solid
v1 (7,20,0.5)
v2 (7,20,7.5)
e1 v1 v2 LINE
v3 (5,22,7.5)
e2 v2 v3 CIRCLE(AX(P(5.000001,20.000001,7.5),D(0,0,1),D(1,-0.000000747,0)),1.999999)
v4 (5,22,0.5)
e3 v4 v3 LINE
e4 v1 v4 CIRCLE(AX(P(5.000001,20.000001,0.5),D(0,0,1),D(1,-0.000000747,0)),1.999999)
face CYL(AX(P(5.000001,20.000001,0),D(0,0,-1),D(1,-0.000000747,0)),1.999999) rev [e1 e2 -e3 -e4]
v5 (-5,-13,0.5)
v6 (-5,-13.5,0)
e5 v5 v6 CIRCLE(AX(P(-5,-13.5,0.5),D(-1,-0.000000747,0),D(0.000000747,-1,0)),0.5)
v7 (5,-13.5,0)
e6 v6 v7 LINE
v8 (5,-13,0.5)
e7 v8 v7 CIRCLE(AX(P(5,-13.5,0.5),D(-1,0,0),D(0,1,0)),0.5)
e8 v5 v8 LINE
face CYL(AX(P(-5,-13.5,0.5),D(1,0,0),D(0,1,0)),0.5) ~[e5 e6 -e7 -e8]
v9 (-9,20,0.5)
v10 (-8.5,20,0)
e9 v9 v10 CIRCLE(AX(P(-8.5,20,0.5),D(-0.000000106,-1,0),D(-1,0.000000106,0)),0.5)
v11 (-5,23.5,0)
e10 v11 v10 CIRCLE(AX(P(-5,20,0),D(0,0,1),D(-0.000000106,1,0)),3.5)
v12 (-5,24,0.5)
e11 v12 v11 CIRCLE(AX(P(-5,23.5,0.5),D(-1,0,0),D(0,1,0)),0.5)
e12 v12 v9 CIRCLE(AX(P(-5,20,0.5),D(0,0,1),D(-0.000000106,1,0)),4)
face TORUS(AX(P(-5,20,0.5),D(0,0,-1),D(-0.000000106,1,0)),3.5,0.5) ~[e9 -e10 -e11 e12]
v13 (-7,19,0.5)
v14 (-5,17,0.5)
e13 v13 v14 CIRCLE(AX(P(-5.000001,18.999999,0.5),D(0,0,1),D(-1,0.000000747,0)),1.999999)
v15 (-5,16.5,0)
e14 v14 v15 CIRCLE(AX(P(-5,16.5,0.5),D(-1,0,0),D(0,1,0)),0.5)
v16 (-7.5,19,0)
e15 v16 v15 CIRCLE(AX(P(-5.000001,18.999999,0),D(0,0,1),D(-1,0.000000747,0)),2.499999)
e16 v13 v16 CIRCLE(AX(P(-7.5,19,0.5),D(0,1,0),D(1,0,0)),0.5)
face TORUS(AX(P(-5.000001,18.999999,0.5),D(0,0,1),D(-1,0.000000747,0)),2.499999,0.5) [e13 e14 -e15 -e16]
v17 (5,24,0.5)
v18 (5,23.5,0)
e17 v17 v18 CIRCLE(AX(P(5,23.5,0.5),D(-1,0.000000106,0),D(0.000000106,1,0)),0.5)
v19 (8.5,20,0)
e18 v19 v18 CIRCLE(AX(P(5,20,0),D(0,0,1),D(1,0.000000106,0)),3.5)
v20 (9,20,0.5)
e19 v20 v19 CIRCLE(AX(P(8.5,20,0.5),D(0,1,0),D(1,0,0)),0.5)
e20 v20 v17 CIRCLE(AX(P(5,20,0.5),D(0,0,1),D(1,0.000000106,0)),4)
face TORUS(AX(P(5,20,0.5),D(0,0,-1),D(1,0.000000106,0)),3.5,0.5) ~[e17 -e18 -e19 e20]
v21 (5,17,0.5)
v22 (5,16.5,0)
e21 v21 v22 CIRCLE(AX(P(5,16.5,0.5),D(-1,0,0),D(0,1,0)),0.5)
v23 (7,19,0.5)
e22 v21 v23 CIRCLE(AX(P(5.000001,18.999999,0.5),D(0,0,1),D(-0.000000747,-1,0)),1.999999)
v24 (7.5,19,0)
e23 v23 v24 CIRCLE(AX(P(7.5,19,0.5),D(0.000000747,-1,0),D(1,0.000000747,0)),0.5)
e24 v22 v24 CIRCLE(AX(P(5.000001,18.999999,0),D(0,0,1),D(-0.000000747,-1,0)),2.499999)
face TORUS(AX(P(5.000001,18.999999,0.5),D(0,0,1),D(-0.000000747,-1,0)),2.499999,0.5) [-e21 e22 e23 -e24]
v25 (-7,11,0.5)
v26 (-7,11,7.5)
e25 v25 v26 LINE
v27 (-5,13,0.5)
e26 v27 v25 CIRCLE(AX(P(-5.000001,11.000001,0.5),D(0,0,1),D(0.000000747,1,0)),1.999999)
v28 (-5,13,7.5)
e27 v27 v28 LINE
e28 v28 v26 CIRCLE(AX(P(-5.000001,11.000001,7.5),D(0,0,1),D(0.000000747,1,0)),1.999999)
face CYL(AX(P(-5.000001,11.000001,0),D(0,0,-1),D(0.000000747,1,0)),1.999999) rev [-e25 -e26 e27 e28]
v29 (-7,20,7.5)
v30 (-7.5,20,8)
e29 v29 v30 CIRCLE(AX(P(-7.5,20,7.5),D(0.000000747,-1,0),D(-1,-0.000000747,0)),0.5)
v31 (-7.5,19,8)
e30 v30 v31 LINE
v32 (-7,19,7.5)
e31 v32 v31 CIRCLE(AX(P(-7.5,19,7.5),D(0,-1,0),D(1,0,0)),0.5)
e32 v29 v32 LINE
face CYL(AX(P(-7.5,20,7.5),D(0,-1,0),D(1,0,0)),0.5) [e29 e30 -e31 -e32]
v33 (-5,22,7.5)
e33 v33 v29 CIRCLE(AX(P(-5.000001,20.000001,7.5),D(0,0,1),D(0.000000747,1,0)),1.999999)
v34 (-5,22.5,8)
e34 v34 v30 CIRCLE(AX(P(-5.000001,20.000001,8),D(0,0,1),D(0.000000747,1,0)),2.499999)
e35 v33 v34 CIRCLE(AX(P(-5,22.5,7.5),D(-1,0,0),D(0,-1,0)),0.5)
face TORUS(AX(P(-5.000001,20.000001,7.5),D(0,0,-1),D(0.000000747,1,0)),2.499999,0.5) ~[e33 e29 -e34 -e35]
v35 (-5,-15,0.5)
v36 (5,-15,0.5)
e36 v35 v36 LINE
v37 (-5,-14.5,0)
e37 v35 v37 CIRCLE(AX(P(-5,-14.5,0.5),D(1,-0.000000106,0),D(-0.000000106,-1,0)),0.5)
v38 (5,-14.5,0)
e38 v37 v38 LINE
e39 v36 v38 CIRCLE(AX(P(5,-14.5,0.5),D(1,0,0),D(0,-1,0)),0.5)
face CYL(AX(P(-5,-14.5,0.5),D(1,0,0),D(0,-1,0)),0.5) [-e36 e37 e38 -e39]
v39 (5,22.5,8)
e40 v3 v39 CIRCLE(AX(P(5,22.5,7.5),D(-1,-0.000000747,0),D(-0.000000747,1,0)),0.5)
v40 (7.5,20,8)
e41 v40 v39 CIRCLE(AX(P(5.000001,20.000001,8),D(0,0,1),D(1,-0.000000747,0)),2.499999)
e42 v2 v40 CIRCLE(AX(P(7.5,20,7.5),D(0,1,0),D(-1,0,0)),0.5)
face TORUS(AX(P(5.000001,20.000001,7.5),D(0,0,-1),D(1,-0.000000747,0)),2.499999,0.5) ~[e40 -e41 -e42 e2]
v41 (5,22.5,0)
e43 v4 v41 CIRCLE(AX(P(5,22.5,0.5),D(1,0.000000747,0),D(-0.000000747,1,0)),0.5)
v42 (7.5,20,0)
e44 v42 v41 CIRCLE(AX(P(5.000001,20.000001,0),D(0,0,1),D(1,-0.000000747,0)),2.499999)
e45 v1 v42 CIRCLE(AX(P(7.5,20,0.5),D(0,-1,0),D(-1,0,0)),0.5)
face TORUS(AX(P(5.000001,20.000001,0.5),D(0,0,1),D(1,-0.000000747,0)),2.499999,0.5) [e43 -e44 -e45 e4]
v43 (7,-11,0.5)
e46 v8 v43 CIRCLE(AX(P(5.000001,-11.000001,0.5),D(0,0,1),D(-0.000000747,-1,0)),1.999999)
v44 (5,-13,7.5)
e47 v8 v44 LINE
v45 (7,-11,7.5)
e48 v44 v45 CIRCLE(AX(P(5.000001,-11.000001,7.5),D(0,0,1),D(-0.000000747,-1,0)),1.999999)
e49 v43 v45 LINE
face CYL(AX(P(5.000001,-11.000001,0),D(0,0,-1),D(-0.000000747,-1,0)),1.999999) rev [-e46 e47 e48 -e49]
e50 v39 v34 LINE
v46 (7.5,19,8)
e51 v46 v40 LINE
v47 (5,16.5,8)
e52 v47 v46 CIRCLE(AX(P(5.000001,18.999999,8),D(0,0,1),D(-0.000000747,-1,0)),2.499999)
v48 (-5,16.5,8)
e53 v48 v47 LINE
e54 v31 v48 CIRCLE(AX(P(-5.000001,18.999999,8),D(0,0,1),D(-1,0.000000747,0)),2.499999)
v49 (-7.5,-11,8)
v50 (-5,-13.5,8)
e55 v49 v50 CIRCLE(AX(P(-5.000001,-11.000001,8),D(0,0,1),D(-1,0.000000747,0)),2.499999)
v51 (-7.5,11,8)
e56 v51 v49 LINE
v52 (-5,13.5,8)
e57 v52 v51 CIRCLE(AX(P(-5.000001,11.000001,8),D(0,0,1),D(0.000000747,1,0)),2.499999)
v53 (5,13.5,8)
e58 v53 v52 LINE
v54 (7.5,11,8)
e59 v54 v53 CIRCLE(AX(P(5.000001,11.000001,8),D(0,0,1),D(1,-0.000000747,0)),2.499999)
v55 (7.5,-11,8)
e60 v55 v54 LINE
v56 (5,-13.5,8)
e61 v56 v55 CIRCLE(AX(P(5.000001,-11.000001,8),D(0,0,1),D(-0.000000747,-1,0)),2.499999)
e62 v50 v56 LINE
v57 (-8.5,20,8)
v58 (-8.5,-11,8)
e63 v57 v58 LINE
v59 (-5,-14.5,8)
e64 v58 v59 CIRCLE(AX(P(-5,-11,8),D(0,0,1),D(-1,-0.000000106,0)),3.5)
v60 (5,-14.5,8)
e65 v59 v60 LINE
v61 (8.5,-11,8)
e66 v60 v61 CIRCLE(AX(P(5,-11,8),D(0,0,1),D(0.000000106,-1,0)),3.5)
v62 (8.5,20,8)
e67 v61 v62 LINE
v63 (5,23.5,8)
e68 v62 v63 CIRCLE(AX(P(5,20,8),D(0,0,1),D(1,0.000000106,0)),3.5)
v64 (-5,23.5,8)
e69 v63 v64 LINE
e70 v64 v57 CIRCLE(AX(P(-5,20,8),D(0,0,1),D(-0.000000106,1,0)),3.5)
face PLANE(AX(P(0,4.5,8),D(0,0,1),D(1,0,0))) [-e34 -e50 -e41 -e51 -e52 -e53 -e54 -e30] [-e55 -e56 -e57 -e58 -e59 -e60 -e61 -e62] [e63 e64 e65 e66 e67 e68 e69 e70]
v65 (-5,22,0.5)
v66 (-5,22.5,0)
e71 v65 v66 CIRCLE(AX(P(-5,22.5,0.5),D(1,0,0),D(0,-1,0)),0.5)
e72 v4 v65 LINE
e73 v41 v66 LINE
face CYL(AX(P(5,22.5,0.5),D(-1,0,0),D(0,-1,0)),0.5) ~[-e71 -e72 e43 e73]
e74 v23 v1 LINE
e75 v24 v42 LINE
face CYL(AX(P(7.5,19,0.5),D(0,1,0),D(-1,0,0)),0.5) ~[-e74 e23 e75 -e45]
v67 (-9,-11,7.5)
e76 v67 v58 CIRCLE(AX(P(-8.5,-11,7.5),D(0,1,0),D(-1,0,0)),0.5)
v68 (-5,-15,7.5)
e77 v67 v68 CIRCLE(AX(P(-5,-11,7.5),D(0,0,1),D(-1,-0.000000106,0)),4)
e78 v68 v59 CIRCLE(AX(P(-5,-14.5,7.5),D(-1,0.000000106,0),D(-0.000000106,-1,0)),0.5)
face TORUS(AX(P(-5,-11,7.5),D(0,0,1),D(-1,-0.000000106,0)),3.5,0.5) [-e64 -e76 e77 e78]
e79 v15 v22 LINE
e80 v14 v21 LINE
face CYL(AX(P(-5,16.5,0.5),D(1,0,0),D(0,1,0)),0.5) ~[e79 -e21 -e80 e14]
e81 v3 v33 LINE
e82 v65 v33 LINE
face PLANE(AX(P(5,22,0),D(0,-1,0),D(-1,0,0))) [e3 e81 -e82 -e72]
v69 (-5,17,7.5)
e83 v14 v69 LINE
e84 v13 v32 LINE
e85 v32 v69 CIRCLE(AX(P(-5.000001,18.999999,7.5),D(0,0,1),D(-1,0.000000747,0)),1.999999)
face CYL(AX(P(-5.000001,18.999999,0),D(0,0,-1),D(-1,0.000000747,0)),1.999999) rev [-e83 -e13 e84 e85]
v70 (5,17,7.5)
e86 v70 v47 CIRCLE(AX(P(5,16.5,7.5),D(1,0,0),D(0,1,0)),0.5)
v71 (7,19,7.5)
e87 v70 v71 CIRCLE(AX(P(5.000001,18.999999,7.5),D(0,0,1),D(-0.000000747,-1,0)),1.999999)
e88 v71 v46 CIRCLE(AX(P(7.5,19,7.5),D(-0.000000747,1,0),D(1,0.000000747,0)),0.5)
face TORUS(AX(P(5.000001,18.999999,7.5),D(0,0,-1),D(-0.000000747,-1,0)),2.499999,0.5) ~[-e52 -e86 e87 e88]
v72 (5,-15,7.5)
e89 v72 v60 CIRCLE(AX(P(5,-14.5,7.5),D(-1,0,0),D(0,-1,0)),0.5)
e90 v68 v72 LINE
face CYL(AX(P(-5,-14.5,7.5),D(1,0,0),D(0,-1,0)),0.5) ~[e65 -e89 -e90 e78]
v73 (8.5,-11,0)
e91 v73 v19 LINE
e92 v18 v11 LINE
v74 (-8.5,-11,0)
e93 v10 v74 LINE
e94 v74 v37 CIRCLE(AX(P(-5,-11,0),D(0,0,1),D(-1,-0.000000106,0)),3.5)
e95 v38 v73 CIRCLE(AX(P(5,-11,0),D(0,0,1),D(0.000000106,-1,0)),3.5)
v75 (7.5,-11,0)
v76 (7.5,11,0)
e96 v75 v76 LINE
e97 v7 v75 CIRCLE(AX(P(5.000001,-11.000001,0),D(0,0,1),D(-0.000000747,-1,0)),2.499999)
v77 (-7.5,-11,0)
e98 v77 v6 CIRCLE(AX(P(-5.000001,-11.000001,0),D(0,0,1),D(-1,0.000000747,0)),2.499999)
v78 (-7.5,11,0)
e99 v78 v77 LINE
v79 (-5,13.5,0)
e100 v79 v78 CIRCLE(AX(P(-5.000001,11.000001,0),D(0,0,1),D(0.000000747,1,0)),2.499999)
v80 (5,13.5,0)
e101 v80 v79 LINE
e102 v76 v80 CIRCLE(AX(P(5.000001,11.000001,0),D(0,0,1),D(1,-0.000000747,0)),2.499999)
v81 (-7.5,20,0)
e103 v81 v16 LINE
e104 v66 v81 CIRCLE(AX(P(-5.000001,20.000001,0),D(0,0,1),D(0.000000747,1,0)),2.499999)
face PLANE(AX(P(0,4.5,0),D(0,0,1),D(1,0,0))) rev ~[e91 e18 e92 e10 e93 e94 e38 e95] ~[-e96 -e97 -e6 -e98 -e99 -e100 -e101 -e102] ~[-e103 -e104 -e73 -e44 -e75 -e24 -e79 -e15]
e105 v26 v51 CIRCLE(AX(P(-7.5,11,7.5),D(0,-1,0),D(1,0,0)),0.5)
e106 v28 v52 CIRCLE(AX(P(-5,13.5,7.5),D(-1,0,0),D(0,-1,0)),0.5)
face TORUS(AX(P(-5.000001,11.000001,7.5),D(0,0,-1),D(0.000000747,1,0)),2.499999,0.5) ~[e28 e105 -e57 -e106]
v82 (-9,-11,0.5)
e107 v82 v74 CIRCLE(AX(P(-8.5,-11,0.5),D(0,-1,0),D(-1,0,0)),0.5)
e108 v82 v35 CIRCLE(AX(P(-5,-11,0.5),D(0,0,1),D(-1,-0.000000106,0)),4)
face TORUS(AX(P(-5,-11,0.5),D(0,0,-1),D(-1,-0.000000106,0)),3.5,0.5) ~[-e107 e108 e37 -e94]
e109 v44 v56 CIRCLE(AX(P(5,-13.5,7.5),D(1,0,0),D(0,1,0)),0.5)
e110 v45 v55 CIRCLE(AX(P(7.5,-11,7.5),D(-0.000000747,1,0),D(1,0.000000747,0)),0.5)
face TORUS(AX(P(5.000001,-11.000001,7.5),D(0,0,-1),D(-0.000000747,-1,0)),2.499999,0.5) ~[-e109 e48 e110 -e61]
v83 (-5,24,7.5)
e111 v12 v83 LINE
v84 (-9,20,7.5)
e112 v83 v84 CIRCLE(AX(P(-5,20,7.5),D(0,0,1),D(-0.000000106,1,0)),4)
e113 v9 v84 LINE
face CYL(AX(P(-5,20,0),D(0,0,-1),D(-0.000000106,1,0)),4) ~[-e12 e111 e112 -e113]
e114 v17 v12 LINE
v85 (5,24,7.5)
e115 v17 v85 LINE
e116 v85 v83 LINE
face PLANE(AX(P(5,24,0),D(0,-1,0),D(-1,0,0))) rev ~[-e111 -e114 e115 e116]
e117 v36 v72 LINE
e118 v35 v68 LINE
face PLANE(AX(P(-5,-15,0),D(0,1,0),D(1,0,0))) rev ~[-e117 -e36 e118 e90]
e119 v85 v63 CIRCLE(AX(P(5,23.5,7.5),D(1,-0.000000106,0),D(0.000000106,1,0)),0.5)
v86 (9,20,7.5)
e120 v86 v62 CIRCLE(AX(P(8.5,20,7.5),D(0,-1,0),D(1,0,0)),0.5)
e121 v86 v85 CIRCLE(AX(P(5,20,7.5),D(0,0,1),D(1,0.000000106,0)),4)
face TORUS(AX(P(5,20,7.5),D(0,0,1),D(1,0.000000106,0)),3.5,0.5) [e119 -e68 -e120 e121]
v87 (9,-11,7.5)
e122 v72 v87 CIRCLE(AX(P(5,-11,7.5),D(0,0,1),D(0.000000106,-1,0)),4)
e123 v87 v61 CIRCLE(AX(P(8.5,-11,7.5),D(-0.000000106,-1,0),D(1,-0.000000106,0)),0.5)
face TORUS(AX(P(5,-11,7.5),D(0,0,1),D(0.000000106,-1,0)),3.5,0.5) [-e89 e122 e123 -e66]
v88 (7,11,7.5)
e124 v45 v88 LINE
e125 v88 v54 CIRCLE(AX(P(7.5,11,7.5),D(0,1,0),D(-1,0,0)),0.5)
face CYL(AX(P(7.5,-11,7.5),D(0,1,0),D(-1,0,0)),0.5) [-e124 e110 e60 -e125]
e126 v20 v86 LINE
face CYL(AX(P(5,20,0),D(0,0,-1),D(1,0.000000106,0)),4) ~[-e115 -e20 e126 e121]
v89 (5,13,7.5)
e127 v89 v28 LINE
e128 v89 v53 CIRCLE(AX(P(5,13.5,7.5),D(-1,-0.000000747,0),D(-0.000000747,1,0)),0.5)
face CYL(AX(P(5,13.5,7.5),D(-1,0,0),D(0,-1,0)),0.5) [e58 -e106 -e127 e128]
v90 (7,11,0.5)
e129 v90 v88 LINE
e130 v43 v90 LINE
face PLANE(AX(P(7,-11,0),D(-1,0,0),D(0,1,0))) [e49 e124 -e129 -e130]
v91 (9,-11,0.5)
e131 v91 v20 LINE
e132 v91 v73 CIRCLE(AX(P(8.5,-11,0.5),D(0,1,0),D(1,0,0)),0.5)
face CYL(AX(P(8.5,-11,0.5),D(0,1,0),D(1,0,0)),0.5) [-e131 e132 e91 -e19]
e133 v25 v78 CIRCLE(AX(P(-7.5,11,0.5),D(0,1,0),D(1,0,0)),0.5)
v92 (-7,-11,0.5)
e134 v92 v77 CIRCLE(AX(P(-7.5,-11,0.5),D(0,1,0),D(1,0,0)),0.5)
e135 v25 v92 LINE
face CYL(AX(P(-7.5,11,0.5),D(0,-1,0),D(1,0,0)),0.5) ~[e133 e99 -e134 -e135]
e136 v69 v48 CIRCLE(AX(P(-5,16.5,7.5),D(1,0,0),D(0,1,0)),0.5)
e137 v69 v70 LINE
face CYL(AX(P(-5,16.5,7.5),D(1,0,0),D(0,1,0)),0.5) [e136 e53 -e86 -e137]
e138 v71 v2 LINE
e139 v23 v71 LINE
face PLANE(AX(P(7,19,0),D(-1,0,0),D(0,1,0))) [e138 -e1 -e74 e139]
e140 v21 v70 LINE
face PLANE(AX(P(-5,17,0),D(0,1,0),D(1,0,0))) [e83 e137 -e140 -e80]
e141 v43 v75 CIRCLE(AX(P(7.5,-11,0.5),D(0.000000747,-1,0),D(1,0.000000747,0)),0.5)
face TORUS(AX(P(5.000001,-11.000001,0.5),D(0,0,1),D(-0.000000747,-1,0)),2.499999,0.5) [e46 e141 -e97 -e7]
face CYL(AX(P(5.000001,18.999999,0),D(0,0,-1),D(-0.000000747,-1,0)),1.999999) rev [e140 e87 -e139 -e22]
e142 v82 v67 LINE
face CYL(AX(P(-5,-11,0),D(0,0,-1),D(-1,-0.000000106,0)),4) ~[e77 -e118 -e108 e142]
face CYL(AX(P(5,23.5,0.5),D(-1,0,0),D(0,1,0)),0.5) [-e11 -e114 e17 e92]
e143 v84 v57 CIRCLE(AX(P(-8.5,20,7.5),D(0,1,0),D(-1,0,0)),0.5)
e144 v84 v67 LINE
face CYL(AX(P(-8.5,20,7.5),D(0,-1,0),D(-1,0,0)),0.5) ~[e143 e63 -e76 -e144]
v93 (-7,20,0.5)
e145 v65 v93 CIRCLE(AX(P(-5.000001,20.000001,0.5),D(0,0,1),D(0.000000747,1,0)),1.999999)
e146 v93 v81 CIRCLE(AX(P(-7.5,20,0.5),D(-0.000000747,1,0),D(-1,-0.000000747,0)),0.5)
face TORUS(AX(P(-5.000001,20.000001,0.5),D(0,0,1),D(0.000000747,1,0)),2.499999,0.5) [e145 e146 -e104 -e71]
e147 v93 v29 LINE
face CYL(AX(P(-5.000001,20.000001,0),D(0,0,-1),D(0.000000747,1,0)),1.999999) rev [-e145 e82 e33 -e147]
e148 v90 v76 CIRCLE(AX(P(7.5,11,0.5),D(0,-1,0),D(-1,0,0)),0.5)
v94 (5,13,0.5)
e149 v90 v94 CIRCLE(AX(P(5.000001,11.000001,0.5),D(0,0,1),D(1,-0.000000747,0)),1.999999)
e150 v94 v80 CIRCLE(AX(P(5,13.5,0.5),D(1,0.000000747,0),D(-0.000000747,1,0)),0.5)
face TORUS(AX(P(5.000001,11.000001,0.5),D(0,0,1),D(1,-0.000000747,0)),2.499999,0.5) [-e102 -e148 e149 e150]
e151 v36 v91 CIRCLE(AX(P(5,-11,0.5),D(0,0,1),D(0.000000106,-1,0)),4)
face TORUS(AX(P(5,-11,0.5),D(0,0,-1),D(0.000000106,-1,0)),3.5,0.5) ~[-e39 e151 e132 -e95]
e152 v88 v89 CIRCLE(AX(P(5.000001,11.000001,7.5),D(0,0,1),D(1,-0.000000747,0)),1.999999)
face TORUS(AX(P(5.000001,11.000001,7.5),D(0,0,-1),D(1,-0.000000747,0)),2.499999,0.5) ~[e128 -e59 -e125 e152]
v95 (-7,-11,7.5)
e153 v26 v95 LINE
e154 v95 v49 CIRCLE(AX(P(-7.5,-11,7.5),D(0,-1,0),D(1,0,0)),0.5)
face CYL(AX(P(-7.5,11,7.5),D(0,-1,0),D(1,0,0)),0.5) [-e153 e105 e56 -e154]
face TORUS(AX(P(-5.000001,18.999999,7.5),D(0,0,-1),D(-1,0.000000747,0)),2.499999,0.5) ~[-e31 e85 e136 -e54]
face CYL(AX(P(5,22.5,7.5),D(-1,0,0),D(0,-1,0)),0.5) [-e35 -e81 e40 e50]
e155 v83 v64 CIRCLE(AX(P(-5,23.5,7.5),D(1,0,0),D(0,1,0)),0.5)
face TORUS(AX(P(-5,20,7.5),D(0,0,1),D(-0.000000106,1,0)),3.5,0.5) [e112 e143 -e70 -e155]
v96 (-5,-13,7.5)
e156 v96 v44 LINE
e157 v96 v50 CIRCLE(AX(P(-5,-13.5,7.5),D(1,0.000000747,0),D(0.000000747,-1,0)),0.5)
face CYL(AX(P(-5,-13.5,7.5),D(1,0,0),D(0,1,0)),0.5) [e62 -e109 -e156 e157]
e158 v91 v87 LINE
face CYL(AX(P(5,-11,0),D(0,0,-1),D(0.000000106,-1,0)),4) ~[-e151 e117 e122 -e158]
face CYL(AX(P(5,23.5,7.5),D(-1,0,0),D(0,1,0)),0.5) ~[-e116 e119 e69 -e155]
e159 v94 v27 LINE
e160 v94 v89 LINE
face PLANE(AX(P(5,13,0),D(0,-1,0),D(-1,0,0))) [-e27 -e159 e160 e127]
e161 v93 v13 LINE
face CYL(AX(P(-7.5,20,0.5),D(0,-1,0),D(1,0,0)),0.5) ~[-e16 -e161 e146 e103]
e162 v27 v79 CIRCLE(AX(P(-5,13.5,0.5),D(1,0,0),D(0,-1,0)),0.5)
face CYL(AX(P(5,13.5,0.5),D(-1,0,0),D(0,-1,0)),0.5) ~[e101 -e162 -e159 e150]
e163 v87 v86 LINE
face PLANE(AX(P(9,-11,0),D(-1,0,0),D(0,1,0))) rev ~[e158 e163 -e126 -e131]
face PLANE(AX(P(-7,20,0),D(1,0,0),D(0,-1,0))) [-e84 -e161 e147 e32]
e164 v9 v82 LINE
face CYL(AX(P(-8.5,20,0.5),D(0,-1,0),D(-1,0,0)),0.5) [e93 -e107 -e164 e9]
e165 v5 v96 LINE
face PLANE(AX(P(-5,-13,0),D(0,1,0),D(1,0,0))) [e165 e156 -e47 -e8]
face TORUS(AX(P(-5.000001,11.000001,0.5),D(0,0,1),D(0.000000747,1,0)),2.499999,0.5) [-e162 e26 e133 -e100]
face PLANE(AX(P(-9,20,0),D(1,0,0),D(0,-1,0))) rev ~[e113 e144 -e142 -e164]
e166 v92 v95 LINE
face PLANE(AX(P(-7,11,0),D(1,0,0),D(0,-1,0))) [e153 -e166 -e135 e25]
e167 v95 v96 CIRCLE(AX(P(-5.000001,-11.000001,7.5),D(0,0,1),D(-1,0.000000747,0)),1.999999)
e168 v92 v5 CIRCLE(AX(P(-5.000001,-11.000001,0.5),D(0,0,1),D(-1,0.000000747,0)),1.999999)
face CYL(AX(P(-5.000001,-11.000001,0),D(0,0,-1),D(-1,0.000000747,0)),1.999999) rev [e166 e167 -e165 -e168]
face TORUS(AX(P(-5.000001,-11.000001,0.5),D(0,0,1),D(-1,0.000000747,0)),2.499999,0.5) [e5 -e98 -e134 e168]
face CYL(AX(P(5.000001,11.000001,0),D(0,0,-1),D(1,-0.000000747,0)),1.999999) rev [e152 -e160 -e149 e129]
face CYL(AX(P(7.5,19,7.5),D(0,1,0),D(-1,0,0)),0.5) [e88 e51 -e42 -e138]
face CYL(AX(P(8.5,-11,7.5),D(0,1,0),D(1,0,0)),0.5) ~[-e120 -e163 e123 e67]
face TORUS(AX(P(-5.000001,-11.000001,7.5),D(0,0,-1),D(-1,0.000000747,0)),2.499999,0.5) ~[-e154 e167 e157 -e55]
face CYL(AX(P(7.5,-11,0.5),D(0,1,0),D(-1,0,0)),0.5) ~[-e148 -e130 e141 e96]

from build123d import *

# Parameters (mm, degrees)
PAD_DEPTH = 8
FILLET_R  = 0.5


with BuildPart() as part:
    # Sketch → Pad (new body)
    with BuildSketch(Plane.XY):
        with BuildLine():
            Line((9, -11), (9, 20))
            ThreePointArc((9, 20), (7.828427, 22.828427), (5, 24))
            Line((5, 24), (-5, 24))
            ThreePointArc((-5, 24), (-7.828427, 22.828427), (-9, 20))
            Line((-9, 20), (-9, -11))
            ThreePointArc((-9, -11), (-7.828427, -13.828427), (-5, -15))
            Line((-5, -15), (5, -15))
            ThreePointArc((5, -15), (7.828427, -13.828427), (9, -11))
        make_face()
        with BuildLine():
            Line((-7, 11), (-7, -11))
            ThreePointArc((-7, -11), (-6.414214, -12.414214), (-5, -13))
            Line((-5, -13), (5, -13))
            ThreePointArc((5, -13), (6.414214, -12.414214), (7, -11))
            Line((7, -11), (7, 11))
            ThreePointArc((7, 11), (6.414214, 12.414214), (5, 13))
            Line((5, 13), (-5, 13))
            ThreePointArc((-5, 13), (-6.414214, 12.414214), (-7, 11))
        make_face(mode=Mode.SUBTRACT)
        with BuildLine():
            Line((-7, 20), (-7, 19))
            ThreePointArc((-7, 19), (-6.414214, 17.585786), (-5, 17))
            Line((-5, 17), (5, 17))
            ThreePointArc((5, 17), (6.414214, 17.585786), (7, 19))
            Line((7, 19), (7, 20))
            ThreePointArc((7, 20), (6.414214, 21.414214), (5, 22))
            Line((5, 22), (-5, 22))
            ThreePointArc((-5, 22), (-6.414214, 21.414214), (-7, 20))
        make_face(mode=Mode.SUBTRACT)
    extrude(amount=PAD_DEPTH)

    # Fillet
    fillet_edges = [part.edges().sort_by_distance(p)[0] for p in [
        (-7, 0, 8),
        (0, 17, 8),
        (-9, 4.5, 8),
        (-7, 0, 0),
        (0, 17, 0),
        (9, 4.5, 0),
    ]]
    fillet(fillet_edges, radius=FILLET_R)


solid = part.part
